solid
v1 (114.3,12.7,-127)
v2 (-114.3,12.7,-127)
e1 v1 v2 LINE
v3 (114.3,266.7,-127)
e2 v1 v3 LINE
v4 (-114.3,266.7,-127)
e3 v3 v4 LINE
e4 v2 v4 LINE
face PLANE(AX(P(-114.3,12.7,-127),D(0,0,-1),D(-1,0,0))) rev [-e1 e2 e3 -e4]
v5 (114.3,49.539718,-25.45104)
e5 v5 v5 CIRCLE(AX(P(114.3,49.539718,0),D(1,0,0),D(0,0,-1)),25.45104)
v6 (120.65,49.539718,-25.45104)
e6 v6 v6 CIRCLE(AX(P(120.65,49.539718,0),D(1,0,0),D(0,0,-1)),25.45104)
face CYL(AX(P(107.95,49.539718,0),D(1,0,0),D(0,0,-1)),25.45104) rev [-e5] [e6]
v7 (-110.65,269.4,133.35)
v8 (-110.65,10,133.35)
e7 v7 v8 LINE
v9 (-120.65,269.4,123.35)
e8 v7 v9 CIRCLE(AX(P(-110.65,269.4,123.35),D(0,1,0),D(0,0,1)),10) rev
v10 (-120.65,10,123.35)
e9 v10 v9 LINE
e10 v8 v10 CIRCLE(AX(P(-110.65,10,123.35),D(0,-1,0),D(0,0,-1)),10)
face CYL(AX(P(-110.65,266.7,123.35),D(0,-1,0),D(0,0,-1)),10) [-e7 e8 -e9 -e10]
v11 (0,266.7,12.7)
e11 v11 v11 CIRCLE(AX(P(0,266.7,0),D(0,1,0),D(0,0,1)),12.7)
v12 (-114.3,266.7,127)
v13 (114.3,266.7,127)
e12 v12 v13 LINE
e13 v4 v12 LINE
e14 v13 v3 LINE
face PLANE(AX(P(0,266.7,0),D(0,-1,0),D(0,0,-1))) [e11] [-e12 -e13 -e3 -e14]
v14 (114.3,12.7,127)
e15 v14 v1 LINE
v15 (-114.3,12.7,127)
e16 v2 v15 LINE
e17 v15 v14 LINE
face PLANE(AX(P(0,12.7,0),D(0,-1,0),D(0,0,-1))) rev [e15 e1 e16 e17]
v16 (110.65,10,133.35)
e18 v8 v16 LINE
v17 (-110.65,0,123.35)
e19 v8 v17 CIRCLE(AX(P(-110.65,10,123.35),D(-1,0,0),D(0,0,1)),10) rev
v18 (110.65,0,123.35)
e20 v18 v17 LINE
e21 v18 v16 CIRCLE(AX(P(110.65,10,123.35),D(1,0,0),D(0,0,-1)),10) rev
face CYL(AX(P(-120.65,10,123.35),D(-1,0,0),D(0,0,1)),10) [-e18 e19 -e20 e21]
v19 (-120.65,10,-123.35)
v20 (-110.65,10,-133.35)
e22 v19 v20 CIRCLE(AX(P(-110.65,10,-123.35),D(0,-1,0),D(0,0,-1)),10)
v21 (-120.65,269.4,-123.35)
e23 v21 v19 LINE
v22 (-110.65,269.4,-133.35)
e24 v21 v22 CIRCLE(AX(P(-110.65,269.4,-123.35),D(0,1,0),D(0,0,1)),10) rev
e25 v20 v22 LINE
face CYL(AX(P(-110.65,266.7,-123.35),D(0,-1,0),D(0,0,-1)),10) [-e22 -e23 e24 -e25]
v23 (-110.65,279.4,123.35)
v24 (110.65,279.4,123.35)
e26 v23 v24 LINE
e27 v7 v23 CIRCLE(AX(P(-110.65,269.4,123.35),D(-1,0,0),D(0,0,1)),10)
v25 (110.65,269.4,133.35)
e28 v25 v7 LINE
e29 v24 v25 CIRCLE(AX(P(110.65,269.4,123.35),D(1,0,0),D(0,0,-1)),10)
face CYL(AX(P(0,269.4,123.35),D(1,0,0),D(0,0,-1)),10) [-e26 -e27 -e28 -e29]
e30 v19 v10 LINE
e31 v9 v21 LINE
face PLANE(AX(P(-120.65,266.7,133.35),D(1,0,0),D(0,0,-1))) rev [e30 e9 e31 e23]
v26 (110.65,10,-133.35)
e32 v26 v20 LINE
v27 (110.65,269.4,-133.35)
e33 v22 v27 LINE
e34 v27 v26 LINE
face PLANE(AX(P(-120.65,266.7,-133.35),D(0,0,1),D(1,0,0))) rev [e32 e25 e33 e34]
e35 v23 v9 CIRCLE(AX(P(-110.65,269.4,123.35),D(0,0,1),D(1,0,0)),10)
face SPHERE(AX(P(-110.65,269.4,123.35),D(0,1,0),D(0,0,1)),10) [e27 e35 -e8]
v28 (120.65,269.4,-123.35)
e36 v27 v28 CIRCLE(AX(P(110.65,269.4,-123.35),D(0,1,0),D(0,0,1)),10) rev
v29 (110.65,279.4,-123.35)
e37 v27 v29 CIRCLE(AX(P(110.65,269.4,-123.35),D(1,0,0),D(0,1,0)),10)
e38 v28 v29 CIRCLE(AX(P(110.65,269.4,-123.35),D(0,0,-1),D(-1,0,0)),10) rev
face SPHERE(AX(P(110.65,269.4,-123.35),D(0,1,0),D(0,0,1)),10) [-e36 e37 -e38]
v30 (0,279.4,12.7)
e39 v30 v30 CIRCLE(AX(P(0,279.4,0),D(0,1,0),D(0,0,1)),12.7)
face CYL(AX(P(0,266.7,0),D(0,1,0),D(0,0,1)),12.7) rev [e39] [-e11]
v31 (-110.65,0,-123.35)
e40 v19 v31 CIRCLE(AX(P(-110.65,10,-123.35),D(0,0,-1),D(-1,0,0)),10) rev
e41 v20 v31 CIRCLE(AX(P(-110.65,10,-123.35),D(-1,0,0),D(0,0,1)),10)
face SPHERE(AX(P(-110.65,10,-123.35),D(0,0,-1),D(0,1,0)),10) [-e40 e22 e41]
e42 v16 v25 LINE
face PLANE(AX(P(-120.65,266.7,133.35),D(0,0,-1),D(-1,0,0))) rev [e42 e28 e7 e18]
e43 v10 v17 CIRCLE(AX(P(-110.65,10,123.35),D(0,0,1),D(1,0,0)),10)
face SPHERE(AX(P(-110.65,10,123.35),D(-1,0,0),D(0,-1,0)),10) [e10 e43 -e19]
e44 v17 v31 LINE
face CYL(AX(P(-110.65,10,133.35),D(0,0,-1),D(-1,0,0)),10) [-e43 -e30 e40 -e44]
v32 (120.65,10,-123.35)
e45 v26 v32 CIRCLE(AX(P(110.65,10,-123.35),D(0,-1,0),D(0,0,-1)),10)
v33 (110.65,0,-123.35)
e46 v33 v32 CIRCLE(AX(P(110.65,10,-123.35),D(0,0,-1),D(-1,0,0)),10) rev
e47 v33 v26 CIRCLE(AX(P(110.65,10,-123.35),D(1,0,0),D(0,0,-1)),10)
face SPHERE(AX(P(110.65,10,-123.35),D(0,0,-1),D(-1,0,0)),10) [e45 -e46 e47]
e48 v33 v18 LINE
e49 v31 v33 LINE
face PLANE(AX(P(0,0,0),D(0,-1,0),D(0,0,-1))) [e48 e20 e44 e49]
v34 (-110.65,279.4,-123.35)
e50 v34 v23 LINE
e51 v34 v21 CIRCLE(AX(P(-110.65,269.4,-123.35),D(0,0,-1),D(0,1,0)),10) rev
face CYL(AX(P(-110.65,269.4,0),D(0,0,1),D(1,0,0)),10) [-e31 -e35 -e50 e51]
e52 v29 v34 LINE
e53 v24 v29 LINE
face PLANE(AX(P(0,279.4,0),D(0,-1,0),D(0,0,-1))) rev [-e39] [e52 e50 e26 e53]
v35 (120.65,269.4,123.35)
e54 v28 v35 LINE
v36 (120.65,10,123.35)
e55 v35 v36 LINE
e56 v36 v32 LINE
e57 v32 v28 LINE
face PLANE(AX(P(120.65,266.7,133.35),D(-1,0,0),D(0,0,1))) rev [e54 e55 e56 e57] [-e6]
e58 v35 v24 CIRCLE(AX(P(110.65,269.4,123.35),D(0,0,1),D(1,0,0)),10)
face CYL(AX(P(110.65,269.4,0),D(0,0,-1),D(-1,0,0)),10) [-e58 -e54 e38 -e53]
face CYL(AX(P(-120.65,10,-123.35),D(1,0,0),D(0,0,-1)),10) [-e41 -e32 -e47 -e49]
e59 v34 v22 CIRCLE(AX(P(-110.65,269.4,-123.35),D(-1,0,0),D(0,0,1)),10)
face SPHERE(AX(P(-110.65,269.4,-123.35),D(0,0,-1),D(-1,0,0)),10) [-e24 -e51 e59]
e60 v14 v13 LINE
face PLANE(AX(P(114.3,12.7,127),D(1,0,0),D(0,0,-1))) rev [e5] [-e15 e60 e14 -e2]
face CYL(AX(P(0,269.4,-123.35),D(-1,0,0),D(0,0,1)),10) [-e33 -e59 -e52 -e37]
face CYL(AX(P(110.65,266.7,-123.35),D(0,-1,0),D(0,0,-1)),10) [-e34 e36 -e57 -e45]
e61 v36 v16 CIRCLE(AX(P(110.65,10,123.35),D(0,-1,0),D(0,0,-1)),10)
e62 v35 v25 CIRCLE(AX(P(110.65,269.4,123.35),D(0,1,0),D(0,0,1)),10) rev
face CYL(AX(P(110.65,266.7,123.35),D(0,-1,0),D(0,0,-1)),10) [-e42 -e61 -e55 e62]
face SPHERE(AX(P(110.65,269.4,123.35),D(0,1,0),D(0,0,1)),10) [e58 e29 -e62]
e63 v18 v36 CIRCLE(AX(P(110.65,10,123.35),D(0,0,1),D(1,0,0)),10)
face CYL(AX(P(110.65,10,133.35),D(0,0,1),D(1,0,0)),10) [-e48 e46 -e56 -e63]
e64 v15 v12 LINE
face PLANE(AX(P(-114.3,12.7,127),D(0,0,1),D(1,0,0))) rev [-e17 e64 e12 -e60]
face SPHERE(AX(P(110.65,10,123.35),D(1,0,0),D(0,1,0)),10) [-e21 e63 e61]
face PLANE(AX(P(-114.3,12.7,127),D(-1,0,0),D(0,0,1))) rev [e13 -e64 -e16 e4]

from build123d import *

# Parameters (mm, degrees)
SKETCH1_W           = 241.3
SKETCH1_H           = 266.7
BOSS_EXTRUDE1_DEPTH = 266.7
SKETCH8_W           = 228.6
SKETCH8_H           = 254
CUT_EXTRUDE4_DEPTH  = 254
SKETCH9_W           = 241.3
SKETCH9_H           = 266.7
BOSS_EXTRUDE3_DEPTH = 12.7
FILLET4_R           = 10
SKETCH10_R          = 25.4510398
CUT_EXTRUDE5_DEPTH  = 12.7
SKETCH11_R          = 12.7
CUT_EXTRUDE6_DEPTH  = 12.7


with BuildPart() as part:
    # Sketch1 → Boss-Extrude1 (new body)
    with BuildSketch(Plane(origin=(0, 0, 0), x_dir=(1, 0, 0), z_dir=(0, 1, 0))):
        Rectangle(SKETCH1_W, SKETCH1_H)
    extrude(amount=BOSS_EXTRUDE1_DEPTH)

    # Sketch8 → Cut-Extrude4 (cut)
    with BuildSketch(Plane(origin=(0, 266.7, 0), x_dir=(1, 0, 0), z_dir=(0, 1, 0))):
        Rectangle(SKETCH8_W, SKETCH8_H)
    extrude(amount=-CUT_EXTRUDE4_DEPTH, mode=Mode.SUBTRACT)

    # Sketch9 → Boss-Extrude3 (add)
    with BuildSketch(Plane(origin=(0, 266.7, 0), x_dir=(1, 0, 0), z_dir=(0, 1, 0))):
        Rectangle(SKETCH9_W, SKETCH9_H)
    extrude(amount=BOSS_EXTRUDE3_DEPTH)

    # Fillet4
    fillet4_edges = [part.edges().sort_by_distance(p)[0] for p in [
        (120.65, 279.4, 0),
        (0, 279.4, -133.35),
        (-120.65, 279.4, 0),
        (0, 279.4, 133.35),
        (0, 0, 133.35),
        (-120.65, 0, 0),
        (0, 0, -133.35),
        (120.65, 0, 0),
        (120.65, 139.7, 133.35),
        (-120.65, 139.7, 133.35),
        (-120.65, 139.7, -133.35),
        (120.65, 139.7, -133.35),
    ]]
    fillet(fillet4_edges, radius=FILLET4_R)

    # Sketch10 → Cut-Extrude5 (cut)
    with BuildSketch(Plane(origin=(120.65, 0, 0), x_dir=(0, 0, -1), z_dir=(1, 0, 0))):
        with Locations((0, 49.53971752)):
            Circle(SKETCH10_R)
    extrude(amount=-CUT_EXTRUDE5_DEPTH, mode=Mode.SUBTRACT)

    # Sketch11 → Cut-Extrude6 (cut)
    with BuildSketch(Plane(origin=(0, 279.4, 0), x_dir=(1, 0, 0), z_dir=(0, 1, 0))):
        Circle(SKETCH11_R)
    extrude(amount=-CUT_EXTRUDE6_DEPTH, mode=Mode.SUBTRACT)


solid = part.part
